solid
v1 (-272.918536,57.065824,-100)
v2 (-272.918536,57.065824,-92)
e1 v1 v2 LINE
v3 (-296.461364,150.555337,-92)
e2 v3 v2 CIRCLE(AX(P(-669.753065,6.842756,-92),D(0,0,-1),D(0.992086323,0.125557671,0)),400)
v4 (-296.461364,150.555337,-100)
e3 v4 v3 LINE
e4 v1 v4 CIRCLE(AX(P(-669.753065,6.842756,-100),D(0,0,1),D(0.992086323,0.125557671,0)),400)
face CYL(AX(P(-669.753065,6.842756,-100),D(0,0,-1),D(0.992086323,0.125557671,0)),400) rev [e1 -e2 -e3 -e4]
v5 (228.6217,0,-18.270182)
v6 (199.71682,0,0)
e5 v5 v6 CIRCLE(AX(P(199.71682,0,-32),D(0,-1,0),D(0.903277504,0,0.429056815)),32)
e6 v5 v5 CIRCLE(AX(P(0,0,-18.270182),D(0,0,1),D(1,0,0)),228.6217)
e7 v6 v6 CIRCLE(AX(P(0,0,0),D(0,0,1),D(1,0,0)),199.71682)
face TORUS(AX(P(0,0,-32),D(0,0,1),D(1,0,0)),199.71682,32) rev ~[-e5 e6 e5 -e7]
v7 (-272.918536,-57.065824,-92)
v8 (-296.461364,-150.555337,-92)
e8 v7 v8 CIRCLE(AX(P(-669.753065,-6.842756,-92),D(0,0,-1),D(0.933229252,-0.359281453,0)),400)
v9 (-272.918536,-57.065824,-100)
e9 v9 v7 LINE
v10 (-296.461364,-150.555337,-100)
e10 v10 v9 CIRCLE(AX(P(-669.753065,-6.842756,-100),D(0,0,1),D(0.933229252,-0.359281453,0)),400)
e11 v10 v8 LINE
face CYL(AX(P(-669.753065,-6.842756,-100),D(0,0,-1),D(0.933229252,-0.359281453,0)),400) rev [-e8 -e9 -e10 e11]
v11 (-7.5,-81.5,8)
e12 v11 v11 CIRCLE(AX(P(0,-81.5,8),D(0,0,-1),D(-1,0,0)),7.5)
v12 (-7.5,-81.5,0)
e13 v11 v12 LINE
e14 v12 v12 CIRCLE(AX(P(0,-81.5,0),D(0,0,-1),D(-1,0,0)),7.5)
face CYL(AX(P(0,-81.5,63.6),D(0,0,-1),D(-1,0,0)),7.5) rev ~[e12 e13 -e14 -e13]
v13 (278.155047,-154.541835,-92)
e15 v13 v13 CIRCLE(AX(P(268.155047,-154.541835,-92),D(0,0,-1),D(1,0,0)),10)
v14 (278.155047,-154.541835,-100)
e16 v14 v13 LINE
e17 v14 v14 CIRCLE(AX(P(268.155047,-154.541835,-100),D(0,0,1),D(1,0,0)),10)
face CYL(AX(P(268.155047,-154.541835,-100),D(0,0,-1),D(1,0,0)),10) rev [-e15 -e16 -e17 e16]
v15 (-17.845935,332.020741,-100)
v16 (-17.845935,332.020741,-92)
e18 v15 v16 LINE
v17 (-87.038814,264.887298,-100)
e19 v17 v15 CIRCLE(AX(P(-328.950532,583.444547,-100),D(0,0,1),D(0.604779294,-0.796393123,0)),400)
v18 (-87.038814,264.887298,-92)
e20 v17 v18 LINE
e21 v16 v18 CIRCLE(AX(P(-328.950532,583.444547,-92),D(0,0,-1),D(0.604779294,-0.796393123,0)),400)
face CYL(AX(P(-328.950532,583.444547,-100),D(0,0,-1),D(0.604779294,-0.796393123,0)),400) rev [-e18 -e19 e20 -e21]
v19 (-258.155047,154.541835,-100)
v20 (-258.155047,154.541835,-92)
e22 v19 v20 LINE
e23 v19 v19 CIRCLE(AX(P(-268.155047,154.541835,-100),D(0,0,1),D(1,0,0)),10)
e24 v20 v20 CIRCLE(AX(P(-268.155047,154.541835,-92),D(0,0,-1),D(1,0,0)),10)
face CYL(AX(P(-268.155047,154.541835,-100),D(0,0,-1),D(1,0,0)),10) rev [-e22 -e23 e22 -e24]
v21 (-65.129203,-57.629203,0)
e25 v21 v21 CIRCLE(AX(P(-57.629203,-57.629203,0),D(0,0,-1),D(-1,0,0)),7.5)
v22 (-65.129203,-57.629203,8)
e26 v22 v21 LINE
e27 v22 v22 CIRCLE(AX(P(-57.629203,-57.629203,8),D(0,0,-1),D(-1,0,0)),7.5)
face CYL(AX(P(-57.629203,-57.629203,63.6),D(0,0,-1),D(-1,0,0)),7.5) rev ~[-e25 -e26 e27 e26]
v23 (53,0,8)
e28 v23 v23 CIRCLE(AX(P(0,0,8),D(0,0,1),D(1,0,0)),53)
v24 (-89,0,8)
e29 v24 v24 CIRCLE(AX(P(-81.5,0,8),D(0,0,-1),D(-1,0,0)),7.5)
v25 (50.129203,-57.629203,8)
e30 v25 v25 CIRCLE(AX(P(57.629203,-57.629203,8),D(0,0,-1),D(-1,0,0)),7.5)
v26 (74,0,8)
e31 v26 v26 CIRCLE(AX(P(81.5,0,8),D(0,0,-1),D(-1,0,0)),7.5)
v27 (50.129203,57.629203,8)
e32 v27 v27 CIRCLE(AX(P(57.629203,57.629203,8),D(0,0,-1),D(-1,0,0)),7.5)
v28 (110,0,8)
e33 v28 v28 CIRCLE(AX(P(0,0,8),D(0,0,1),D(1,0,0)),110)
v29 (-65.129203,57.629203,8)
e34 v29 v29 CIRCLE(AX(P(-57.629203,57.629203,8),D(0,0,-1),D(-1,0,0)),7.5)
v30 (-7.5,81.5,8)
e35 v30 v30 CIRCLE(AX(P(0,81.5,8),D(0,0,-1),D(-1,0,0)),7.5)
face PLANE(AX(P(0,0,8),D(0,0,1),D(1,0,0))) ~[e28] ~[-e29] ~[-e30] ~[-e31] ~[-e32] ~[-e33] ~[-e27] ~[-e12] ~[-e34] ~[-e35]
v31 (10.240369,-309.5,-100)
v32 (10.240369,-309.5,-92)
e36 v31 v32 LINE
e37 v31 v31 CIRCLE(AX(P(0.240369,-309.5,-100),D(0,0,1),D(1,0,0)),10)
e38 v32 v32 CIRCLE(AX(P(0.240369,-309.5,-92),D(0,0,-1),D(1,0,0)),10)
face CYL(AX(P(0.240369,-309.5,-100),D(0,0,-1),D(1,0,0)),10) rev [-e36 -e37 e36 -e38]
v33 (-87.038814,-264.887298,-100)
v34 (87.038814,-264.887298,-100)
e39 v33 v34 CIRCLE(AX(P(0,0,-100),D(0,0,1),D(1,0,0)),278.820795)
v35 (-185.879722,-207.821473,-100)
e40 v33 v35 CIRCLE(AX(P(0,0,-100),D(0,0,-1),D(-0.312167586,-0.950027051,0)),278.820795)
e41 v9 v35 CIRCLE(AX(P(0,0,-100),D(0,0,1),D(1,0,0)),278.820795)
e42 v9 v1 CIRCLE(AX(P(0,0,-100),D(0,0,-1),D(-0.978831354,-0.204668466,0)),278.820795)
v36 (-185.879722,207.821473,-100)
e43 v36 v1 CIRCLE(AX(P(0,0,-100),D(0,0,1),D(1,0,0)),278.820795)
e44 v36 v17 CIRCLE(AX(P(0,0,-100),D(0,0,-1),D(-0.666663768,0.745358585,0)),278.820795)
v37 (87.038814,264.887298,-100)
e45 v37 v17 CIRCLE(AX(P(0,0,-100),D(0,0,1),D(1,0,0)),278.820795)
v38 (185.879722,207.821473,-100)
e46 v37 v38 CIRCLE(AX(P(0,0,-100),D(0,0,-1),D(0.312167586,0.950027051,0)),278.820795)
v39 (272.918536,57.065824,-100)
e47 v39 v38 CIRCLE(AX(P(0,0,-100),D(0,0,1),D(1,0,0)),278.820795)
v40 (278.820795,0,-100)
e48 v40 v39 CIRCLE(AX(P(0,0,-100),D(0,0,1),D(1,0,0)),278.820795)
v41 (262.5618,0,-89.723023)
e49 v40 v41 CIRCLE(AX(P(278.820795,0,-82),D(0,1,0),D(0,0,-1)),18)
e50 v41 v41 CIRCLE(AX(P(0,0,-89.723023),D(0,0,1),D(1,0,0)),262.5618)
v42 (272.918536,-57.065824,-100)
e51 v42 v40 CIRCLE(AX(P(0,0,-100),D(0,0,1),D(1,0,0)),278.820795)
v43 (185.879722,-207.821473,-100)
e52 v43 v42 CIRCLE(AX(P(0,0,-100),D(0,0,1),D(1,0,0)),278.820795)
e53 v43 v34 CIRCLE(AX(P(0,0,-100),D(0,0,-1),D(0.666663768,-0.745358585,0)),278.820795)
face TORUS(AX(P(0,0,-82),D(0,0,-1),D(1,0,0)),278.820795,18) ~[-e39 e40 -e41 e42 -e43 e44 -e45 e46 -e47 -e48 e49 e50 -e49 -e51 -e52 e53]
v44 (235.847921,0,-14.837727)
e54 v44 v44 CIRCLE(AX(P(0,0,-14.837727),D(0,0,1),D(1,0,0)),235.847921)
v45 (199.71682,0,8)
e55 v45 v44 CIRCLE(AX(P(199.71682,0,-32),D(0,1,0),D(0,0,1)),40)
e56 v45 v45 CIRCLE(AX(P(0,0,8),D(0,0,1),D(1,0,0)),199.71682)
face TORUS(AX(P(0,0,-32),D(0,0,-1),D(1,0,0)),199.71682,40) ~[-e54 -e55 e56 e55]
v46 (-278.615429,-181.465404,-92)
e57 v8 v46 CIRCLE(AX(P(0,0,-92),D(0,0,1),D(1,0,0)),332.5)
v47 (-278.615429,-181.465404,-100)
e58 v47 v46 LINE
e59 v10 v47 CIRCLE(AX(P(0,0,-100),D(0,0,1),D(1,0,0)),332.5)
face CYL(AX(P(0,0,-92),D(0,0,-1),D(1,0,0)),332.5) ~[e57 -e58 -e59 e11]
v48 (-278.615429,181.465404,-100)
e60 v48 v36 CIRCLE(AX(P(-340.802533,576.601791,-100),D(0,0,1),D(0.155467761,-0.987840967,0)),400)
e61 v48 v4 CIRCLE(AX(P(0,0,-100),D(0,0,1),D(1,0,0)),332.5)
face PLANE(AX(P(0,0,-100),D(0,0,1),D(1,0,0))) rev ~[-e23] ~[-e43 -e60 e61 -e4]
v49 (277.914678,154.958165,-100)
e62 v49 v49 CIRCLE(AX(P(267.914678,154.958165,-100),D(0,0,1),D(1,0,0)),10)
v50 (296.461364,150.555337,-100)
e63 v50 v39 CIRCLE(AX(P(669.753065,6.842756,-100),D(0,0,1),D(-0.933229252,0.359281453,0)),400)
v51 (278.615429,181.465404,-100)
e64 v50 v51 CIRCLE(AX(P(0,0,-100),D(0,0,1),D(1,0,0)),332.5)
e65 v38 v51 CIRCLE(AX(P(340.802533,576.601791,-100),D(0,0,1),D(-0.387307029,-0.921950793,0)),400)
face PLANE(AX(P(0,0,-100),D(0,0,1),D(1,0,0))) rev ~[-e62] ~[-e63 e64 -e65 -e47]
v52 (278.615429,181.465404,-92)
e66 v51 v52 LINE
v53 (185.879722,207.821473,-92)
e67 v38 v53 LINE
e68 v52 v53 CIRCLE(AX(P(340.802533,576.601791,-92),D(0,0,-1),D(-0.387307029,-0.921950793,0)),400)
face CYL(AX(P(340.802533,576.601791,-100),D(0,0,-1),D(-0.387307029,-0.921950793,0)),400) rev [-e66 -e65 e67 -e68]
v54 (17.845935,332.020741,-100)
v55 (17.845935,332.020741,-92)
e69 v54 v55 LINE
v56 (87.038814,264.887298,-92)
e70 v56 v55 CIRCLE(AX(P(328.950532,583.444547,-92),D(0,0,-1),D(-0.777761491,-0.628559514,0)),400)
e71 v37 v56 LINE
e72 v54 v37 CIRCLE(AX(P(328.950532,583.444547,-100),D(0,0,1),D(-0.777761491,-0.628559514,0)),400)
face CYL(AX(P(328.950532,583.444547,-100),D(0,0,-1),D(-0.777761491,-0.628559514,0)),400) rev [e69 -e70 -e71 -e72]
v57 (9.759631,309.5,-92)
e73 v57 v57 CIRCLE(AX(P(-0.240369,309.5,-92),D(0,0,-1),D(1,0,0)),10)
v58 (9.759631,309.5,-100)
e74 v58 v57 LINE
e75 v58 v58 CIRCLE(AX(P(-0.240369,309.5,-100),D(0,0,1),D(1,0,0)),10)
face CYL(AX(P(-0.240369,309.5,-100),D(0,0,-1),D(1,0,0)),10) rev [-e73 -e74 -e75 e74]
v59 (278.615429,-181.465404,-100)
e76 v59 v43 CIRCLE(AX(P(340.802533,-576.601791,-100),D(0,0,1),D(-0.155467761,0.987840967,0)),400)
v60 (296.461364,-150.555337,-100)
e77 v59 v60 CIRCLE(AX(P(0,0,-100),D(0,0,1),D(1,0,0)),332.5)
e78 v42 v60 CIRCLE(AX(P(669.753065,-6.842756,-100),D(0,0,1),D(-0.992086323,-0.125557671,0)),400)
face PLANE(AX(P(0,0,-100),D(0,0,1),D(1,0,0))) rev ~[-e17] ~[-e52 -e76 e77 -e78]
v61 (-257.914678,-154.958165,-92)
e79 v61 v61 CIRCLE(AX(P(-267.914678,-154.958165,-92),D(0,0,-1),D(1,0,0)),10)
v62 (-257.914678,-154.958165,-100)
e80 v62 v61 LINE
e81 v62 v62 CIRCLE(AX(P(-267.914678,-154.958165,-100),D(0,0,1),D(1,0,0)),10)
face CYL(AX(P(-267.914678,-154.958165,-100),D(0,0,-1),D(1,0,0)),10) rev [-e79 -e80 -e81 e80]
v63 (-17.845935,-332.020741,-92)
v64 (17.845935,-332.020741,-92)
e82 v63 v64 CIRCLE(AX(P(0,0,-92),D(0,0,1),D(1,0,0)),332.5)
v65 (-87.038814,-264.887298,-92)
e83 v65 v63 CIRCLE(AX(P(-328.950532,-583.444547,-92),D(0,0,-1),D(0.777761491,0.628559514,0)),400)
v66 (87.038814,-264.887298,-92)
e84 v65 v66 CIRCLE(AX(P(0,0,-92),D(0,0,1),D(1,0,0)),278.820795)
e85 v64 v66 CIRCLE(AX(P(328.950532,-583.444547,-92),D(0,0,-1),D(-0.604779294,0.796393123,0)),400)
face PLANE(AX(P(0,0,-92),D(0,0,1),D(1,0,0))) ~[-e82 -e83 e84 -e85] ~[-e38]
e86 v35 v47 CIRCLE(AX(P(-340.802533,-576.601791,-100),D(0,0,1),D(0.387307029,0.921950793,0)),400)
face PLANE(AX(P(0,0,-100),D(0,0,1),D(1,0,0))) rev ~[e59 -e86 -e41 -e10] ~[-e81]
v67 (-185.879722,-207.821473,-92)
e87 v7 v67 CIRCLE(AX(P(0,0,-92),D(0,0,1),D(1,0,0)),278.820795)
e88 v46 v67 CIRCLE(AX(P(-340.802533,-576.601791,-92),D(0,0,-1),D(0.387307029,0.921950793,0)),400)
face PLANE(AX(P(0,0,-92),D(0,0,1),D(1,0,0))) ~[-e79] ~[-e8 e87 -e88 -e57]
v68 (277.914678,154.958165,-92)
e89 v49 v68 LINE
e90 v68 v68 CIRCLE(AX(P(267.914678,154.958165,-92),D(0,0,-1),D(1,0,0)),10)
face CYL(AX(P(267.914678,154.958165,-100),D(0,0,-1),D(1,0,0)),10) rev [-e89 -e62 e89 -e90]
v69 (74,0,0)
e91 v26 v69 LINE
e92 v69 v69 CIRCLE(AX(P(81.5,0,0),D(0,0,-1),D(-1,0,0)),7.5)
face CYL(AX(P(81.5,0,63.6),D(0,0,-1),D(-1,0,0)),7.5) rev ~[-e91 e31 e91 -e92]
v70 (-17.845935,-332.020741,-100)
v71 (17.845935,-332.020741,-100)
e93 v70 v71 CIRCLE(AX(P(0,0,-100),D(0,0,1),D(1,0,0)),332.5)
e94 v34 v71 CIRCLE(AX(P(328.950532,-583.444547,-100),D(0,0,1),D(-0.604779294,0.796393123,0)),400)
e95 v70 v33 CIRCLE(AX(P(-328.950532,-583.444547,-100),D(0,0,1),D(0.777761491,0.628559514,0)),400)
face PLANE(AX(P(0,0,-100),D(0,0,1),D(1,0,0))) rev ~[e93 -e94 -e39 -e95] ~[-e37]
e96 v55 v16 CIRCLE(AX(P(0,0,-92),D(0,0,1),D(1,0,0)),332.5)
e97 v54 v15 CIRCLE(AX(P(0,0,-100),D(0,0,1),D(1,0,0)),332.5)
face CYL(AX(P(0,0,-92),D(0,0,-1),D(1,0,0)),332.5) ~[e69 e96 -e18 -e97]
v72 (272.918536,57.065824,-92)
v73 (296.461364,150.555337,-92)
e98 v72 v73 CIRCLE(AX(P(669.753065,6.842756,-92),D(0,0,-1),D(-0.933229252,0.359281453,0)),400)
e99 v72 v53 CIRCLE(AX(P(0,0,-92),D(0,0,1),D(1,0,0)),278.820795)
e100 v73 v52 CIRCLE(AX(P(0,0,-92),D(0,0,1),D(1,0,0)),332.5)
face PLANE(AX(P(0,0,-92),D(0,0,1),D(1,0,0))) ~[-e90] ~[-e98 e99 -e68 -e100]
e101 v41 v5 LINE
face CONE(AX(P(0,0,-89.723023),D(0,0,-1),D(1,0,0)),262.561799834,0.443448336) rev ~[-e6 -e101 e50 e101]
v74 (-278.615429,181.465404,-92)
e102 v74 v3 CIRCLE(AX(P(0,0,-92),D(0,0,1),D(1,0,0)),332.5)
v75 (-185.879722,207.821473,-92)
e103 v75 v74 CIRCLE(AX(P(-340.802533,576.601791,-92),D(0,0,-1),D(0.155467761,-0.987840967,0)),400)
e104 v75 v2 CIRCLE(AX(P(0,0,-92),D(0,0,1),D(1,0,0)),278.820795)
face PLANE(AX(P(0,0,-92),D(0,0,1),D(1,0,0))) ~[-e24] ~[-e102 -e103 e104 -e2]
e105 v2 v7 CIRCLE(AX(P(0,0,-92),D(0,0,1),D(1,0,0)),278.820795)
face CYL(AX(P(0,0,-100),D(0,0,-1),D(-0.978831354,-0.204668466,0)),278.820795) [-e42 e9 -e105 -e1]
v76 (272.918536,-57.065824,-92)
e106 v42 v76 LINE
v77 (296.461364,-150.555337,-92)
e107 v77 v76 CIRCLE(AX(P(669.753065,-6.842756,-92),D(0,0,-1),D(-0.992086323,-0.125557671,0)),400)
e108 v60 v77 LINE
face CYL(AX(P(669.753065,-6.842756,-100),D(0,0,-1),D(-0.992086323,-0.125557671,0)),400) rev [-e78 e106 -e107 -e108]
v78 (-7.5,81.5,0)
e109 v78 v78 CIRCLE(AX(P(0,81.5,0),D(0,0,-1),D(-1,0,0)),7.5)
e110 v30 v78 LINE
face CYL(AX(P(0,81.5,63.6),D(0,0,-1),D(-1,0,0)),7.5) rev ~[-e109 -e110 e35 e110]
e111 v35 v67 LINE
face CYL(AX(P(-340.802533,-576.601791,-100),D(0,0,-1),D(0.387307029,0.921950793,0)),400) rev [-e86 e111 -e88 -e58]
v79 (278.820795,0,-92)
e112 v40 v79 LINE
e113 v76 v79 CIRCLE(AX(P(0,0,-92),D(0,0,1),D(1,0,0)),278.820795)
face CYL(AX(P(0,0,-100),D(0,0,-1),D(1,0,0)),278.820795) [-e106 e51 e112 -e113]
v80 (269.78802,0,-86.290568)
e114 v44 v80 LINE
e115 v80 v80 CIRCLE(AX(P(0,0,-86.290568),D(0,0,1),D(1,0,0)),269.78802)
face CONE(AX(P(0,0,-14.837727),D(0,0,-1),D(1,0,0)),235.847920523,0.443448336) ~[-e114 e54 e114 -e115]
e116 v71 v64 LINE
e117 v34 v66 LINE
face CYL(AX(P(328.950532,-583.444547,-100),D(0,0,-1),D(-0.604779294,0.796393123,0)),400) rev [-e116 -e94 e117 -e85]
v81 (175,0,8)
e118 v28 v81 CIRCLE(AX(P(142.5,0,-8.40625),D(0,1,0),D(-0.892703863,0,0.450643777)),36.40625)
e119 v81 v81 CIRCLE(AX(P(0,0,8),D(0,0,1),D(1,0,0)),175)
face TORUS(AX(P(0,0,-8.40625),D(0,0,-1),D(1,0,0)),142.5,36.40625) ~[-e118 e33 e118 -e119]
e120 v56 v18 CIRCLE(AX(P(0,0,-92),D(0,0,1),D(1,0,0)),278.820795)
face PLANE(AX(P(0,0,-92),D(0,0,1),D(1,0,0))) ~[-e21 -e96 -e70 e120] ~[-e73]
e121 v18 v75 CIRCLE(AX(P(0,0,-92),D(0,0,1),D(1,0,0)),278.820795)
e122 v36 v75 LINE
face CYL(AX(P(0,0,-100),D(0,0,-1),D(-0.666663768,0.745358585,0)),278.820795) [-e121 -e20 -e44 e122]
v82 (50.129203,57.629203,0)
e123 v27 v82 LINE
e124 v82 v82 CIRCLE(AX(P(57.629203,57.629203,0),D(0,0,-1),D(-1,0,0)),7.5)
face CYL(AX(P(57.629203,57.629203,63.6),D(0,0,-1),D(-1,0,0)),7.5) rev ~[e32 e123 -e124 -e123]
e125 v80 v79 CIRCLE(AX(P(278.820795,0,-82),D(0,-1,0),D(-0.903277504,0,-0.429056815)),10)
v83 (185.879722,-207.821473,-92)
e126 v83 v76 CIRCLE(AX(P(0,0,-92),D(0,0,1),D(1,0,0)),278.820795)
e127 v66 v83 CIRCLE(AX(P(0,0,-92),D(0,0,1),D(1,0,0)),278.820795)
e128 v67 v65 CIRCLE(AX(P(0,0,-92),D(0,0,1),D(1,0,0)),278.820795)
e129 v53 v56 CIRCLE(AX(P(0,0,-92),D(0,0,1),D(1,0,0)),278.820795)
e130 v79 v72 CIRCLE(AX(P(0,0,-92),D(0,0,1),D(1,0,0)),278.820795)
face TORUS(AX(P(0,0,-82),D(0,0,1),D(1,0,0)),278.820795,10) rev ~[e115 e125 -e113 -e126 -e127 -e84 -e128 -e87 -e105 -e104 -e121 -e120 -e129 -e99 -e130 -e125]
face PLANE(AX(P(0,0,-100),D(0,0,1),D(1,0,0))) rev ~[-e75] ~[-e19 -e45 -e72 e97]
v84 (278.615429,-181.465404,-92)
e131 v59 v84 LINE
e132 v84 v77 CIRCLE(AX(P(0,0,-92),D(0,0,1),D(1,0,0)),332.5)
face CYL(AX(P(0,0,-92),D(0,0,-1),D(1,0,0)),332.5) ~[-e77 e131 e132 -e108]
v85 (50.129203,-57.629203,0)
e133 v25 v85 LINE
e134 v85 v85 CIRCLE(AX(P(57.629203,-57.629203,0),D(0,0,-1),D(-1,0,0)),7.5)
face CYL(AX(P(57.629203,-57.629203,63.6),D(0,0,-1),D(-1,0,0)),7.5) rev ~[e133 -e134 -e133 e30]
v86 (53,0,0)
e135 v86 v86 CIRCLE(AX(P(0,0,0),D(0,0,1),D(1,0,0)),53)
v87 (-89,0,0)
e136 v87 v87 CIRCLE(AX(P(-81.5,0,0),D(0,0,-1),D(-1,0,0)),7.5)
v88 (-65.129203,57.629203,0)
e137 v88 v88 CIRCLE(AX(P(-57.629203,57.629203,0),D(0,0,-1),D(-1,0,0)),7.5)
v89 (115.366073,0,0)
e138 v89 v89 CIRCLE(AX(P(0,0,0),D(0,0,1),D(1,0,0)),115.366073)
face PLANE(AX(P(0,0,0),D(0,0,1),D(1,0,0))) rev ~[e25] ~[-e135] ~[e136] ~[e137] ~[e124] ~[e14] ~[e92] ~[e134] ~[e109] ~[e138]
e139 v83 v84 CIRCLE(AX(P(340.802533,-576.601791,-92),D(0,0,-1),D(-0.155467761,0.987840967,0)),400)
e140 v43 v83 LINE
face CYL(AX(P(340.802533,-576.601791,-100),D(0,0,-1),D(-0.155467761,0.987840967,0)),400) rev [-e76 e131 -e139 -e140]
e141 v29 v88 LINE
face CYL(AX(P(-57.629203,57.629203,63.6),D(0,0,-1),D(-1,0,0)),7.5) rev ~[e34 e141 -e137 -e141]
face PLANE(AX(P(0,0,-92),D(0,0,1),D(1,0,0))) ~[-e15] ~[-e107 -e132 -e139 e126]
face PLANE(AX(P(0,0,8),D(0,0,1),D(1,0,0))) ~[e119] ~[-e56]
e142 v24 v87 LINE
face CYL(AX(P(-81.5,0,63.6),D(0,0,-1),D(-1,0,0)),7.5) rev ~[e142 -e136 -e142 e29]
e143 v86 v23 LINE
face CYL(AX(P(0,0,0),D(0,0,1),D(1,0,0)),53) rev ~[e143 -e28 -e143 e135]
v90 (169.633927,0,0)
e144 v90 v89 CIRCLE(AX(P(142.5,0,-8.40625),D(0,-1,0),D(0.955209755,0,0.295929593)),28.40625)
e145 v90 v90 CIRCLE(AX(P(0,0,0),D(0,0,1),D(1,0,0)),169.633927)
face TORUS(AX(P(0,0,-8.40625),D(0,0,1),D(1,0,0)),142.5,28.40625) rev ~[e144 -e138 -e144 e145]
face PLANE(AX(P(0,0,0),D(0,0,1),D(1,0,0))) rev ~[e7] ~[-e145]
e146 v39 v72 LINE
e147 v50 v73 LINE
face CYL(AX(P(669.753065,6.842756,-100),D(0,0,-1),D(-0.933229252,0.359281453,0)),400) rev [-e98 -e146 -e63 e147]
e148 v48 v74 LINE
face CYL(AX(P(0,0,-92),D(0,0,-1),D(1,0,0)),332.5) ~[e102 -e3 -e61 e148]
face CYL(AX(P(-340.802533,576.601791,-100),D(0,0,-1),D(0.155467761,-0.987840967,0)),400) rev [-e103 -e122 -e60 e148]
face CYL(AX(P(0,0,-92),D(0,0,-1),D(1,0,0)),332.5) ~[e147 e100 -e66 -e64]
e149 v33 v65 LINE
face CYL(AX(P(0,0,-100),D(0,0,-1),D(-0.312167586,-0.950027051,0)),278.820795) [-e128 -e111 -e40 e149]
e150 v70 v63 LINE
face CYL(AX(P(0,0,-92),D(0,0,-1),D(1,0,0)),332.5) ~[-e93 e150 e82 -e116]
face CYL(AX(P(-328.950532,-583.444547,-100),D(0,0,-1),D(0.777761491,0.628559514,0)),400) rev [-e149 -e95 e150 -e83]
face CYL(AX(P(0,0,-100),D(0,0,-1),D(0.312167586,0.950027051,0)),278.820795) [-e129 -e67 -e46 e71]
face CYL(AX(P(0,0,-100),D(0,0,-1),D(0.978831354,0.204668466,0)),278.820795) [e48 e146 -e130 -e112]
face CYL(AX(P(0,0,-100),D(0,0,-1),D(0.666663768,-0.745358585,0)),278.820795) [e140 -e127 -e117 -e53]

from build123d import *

# Parameters (mm, degrees)
SKETCH5_R                      = 10
CUT_EXTRUDE2_DEPTH             = 129.0000001
F_15_0_15_DIAMETER_HOLE1_D     = 15
F_15_0_15_DIAMETER_HOLE1_DEPTH = 55.6
F_15_0_15_DIAMETER_HOLE1_TIP   = 4.506454643


with BuildPart() as part:
    # Sketch3 → Revolve1 (revolve)
    with BuildSketch(Plane(origin=(0, 0, 0), x_dir=(1, 0, 0), z_dir=(0, 1, 0))):
        with BuildLine():
            Line((332.5, 100), (278.820794913, 100))
            ThreePointArc((278.820794913, 100), (269.203477405, 97.21536079), (262.561799834, 89.723022662))
            Line((262.561799834, 89.723022662), (228.621700488, 18.270181934))
            ThreePointArc((228.621700488, 18.270181934), (216.814273696, 4.950469707), (199.716820349, 0))
            Line((199.716820349, 0), (169.633927102, 0))
            ThreePointArc((169.633927102, 0), (142.5, -20), (115.366072898, 0))
            Line((115.366072898, 0), (53, 0))
            Line((53, 0), (53, -8))
            Line((53, -8), (110, -8))
            ThreePointArc((110, -8), (142.5, -28), (175, -8))
            Line((175, -8), (199.716820349, -8))
            ThreePointArc((199.716820349, -8), (221.088637032, -1.811912866), (235.847920523, 14.837727417))
            Line((235.847920523, 14.837727417), (269.788019869, 86.290568146))
            ThreePointArc((269.788019869, 86.290568146), (273.477840742, 90.452978216), (278.820794913, 92))
            Line((278.820794913, 92), (332.5, 92))
            Line((332.5, 92), (332.5, 100))
        make_face()
    revolve(axis=Axis((0, 0, 0), (0, 0, 1)))

    # Sketch5 → Cut-Extrude2 (cut, through all)
    with BuildSketch(Plane.XY.offset(-100)):
        with BuildLine():
            ThreePointArc((-272.918536119, 57.065824437), (-281.863035881, 104.522463434), (-296.461364128, 150.555337266))
            ThreePointArc((-296.461364128, 150.555337266), (-332.5, 0), (-296.461364128, -150.555337266))
            ThreePointArc((-296.461364128, -150.555337266), (-281.863035881, -104.522463434), (-272.918536119, -57.065824437))
            ThreePointArc((-272.918536119, -57.065824437), (-278.820794913, 0), (-272.918536119, 57.065824437))
        make_face()
        with BuildLine():
            ThreePointArc((-87.038814409, 264.887297661), (-50.412409341, 296.361781178), (-17.845935316, 332.020741209))
            ThreePointArc((-17.845935316, 332.020741209), (-166.25, 287.953446758), (-278.615428812, 181.465403942))
            ThreePointArc((-278.615428812, 181.465403942), (-231.45062654, 191.839317744), (-185.87972171, 207.821473224))
            ThreePointArc((-185.87972171, 207.821473224), (-139.410397456, 241.465891498), (-87.038814409, 264.887297661))
        make_face()
        with BuildLine():
            ThreePointArc((185.87972171, 207.821473224), (231.45062654, 191.839317744), (278.615428812, 181.465403942))
            ThreePointArc((278.615428812, 181.465403942), (166.25, 287.953446758), (17.845935316, 332.020741209))
            ThreePointArc((17.845935316, 332.020741209), (50.412409341, 296.361781178), (87.038814409, 264.887297661))
            ThreePointArc((87.038814409, 264.887297661), (139.410397456, 241.465891498), (185.87972171, 207.821473224))
        make_face()
        with BuildLine():
            ThreePointArc((332.5, 0), (323.364850883, 77.404284208), (296.461364128, 150.555337266))
            ThreePointArc((296.461364128, 150.555337266), (281.863035881, 104.522463434), (272.918536119, 57.065824437))
            ThreePointArc((272.918536119, 57.065824437), (277.34130495, 28.685122353), (278.820794913, 0))
            ThreePointArc((278.820794913, 0), (277.34130495, -28.685122353), (272.918536119, -57.065824437))
            ThreePointArc((272.918536119, -57.065824437), (281.863035881, -104.522463434), (296.461364128, -150.555337266))
            ThreePointArc((296.461364128, -150.555337266), (323.364850883, -77.404284208), (332.5, 0))
        make_face()
        with BuildLine():
            ThreePointArc((17.845935316, -332.020741209), (166.25, -287.953446758), (278.615428812, -181.465403942))
            ThreePointArc((278.615428812, -181.465403942), (231.45062654, -191.839317744), (185.87972171, -207.821473224))
            ThreePointArc((185.87972171, -207.821473224), (139.410397456, -241.465891498), (87.038814409, -264.887297661))
            ThreePointArc((87.038814409, -264.887297661), (50.412409341, -296.361781178), (17.845935316, -332.020741209))
        make_face()
        with BuildLine():
            ThreePointArc((-278.615428812, -181.465403942), (-166.25, -287.953446758), (-17.845935316, -332.020741209))
            ThreePointArc((-17.845935316, -332.020741209), (-50.412409341, -296.361781178), (-87.038814409, -264.887297661))
            ThreePointArc((-87.038814409, -264.887297661), (-139.410397456, -241.465891498), (-185.87972171, -207.821473224))
            ThreePointArc((-185.87972171, -207.821473224), (-231.45062654, -191.839317744), (-278.615428812, -181.465403942))
        make_face()
        with Locations((-268.15504681, 154.541834619)):
            Circle(SKETCH5_R)
        with Locations((-0.240368677, 309.5)):
            Circle(SKETCH5_R)
        with Locations((267.914678133, 154.958165381)):
            Circle(SKETCH5_R)
        with Locations((268.15504681, -154.541834619)):
            Circle(SKETCH5_R)
        with Locations((0.240368677, -309.5)):
            Circle(SKETCH5_R)
        with Locations((-267.914678133, -154.958165381)):
            Circle(SKETCH5_R)
    extrude(amount=CUT_EXTRUDE2_DEPTH, mode=Mode.SUBTRACT)

    # Ø15.0 (15) Diameter Hole1
    with Locations(Plane.XY.offset(8)):
        with Locations((0, 81.5), (57.629202667, 57.629202667), (81.5, 0), (57.629202667, -57.629202667), (0, -81.5), (-57.629202667, -57.629202667), (-81.5, 0), (-57.629202667, 57.629202667)):
            Hole(F_15_0_15_DIAMETER_HOLE1_D / 2, depth=F_15_0_15_DIAMETER_HOLE1_DEPTH)
            with Locations((0, 0, -(F_15_0_15_DIAMETER_HOLE1_DEPTH + F_15_0_15_DIAMETER_HOLE1_TIP / 2))):  # 118° drill point
                Cone(0, F_15_0_15_DIAMETER_HOLE1_D / 2, F_15_0_15_DIAMETER_HOLE1_TIP, mode=Mode.SUBTRACT)


solid = part.part
